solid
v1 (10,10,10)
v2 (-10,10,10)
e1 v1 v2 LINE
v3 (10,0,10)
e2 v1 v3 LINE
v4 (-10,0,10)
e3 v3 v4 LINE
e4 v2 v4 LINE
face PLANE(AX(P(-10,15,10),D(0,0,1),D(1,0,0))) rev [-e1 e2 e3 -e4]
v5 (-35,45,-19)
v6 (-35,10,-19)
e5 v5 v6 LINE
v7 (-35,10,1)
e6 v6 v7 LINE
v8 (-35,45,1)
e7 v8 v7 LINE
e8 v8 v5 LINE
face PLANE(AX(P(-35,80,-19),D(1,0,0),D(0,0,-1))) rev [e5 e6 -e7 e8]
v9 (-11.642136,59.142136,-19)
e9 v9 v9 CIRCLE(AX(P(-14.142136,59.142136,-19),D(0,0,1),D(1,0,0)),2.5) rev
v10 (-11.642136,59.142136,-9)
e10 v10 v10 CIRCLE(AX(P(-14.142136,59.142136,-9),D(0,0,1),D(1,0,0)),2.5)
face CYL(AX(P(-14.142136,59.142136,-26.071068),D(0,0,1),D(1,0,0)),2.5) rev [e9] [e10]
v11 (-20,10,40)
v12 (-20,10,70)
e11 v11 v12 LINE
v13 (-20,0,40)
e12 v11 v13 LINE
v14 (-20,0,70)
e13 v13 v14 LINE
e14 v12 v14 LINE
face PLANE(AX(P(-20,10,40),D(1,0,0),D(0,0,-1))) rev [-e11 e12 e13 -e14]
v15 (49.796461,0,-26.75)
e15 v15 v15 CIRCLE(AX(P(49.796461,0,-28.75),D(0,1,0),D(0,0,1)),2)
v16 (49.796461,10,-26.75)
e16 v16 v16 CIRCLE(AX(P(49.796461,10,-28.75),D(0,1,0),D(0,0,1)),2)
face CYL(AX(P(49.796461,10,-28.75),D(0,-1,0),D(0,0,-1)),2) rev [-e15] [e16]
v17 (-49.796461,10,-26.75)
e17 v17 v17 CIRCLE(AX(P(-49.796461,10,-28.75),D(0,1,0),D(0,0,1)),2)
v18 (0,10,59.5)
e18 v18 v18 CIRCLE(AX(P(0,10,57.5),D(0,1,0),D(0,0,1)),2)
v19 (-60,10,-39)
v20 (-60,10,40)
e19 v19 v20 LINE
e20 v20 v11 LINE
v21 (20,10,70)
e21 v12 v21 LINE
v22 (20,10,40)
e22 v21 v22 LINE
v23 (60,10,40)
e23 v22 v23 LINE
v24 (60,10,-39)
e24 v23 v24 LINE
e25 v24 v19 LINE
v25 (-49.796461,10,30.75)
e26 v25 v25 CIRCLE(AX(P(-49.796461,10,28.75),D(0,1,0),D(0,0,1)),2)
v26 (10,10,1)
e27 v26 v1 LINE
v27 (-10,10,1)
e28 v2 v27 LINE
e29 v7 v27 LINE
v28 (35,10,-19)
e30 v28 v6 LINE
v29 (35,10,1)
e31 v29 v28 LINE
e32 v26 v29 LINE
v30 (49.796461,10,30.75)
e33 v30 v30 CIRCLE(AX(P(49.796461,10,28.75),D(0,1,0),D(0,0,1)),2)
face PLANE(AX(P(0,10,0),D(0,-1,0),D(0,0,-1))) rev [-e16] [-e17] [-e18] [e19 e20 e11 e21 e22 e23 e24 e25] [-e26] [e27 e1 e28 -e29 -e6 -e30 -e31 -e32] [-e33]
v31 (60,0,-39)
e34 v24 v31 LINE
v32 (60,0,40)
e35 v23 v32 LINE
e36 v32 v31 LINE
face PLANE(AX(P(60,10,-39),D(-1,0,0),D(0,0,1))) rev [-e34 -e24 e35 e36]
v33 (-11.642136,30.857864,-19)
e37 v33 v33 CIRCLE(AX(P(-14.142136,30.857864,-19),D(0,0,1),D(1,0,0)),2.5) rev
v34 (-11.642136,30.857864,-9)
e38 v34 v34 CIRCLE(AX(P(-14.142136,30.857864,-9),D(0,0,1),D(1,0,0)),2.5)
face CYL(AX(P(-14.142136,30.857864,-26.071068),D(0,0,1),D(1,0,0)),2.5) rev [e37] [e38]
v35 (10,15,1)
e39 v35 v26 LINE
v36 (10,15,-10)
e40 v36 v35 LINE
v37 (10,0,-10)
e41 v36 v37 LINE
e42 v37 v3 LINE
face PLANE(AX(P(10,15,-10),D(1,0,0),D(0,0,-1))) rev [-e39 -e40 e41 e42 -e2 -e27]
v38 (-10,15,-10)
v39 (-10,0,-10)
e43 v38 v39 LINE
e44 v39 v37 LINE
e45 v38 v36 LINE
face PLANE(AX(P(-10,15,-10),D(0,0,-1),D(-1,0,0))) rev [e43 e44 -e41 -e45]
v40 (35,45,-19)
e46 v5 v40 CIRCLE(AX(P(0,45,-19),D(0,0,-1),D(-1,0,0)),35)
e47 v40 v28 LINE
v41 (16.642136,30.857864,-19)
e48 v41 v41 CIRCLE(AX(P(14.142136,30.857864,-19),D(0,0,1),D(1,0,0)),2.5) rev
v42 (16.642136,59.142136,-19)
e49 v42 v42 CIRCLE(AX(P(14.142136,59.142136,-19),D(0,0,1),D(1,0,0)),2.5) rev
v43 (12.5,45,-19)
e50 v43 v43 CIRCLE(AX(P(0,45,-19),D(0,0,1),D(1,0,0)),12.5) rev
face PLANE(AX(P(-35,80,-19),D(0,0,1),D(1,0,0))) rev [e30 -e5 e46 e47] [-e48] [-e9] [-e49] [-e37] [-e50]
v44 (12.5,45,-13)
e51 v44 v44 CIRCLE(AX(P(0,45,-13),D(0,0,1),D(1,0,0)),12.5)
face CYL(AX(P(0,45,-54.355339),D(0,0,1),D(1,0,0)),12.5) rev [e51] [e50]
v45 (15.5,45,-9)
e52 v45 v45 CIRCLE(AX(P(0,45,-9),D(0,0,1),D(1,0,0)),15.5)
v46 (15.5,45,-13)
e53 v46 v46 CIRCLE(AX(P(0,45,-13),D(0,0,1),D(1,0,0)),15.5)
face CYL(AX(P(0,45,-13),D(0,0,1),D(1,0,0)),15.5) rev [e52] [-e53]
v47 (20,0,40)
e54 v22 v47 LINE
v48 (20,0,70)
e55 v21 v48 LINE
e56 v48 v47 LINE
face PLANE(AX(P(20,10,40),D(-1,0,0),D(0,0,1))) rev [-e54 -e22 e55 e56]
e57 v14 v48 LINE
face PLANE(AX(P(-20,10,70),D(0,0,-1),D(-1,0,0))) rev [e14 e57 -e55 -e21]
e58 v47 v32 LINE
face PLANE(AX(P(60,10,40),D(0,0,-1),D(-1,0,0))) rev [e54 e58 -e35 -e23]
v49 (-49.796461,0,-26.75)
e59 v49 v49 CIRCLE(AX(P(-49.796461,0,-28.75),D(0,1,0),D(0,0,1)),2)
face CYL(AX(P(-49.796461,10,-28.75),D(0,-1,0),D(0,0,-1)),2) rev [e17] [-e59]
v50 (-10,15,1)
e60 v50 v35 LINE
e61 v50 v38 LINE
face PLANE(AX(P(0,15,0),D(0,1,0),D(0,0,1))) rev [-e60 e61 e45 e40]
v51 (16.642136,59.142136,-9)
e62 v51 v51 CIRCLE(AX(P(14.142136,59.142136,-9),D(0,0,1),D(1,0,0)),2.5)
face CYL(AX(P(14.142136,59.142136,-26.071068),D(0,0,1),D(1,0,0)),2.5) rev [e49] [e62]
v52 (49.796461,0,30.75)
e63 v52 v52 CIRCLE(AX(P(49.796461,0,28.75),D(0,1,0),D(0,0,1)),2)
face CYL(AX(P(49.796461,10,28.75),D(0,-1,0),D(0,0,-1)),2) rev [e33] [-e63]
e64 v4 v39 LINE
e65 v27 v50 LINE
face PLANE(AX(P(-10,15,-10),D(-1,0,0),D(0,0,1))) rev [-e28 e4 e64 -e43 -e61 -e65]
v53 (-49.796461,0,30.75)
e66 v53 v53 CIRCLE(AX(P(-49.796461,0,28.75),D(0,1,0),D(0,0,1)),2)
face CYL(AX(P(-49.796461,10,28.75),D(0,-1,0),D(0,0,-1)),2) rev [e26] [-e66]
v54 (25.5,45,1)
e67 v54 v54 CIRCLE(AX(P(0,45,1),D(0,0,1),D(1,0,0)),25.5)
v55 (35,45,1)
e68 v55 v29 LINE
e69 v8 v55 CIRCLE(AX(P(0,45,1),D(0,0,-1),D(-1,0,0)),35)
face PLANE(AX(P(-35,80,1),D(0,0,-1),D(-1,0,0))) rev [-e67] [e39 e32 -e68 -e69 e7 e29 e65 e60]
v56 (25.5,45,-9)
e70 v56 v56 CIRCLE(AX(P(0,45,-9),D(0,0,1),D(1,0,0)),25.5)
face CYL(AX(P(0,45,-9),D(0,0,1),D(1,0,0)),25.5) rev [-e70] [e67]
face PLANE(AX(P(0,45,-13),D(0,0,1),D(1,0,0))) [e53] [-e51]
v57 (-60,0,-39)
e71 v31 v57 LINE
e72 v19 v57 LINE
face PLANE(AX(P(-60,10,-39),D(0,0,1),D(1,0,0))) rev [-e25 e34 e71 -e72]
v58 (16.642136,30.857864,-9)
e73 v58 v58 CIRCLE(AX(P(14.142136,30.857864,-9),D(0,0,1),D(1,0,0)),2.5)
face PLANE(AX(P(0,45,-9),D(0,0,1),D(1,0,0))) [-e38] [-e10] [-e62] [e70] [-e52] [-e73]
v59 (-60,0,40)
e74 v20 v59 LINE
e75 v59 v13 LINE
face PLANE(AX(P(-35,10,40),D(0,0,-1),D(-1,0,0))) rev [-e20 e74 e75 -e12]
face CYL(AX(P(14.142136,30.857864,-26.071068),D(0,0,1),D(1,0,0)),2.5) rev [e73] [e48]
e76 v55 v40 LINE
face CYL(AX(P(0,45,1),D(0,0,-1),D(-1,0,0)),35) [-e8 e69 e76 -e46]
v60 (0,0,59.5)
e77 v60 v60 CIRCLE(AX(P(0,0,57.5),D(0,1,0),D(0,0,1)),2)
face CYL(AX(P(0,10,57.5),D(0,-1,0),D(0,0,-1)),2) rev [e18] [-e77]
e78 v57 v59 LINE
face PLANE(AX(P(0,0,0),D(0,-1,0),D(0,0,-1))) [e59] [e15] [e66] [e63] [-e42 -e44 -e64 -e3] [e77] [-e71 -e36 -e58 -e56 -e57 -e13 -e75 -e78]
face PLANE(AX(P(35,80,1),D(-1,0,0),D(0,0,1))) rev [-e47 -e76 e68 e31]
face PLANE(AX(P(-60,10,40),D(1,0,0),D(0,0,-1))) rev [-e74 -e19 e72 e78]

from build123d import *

# Parameters (mm, degrees)
SKETCH1_R           = 2
BOSS_EXTRUDE1_DEPTH = 10
SKETCH2_W           = 70
SKETCH2_H           = 20
BOSS_EXTRUDE2_DEPTH = 70
CUT_EXTRUDE1_DEPTH  = 20
SKETCH4_R           = 25.5
CUT_EXTRUDE2_DEPTH  = 10
SKETCH5_R           = 15.5
CUT_EXTRUDE3_DEPTH  = 4
SKETCH6_R           = 2.5
CUT_EXTRUDE4_DEPTH  = 10
SKETCH7_R           = 12.5
CUT_EXTRUDE5_DEPTH  = 6
SKETCH8_W           = 20
SKETCH8_H           = 20
CUT_EXTRUDE6_DEPTH  = 15


with BuildPart() as part:
    # Sketch1 → Boss-Extrude1 (new body)
    with BuildSketch(Plane(origin=(0, 0, 0), x_dir=(1, 0, 0), z_dir=(0, 1, 0))):
        Polygon((-35, -40), (-20, -40), (-20, -70), (20, -70), (20, -40), (35, -40), (60, -40), (60, 39), (-60, 39), (-60, -40), align=None)
        with Locations((49.796460718, 28.75)):
            Circle(SKETCH1_R, mode=Mode.SUBTRACT)
        with Locations((49.796460718, -28.75)):
            Circle(SKETCH1_R, mode=Mode.SUBTRACT)
        with Locations((0, -57.5)):
            Circle(SKETCH1_R, mode=Mode.SUBTRACT)
        with Locations((-49.796460718, -28.75)):
            Circle(SKETCH1_R, mode=Mode.SUBTRACT)
        with Locations((-49.796460718, 28.75)):
            Circle(SKETCH1_R, mode=Mode.SUBTRACT)
    extrude(amount=BOSS_EXTRUDE1_DEPTH)

    # Sketch2 → Boss-Extrude2 (add)
    with BuildSketch(Plane(origin=(0, 10, 0), x_dir=(1, 0, 0), z_dir=(0, 1, 0))):
        with Locations((0, 9)):
            Rectangle(SKETCH2_W, SKETCH2_H)
    extrude(amount=BOSS_EXTRUDE2_DEPTH)

    # Sketch3 → Cut-Extrude1 (cut)
    with BuildSketch(Plane(origin=(0, 0, -19), x_dir=(-1, 0, 0), z_dir=(0, 0, -1))):
        with BuildLine():
            ThreePointArc((-35, 45), (-24.748737331, 69.748737352), (3e-08, 80))
            Line((3e-08, 80), (-35, 80))
            Line((-35, 80), (-35, 45))
        make_face()
        with BuildLine():
            Line((35, 45), (35, 80))
            Line((35, 80), (3e-08, 80))
            ThreePointArc((3e-08, 80), (24.748737352, 69.748737331), (35, 45))
        make_face()
    extrude(amount=-CUT_EXTRUDE1_DEPTH, mode=Mode.SUBTRACT)

    # Sketch4 → Cut-Extrude2 (cut)
    with BuildSketch(Plane.XY.offset(1)):
        with Locations((0, 45)):
            Circle(SKETCH4_R)
    extrude(amount=-CUT_EXTRUDE2_DEPTH, mode=Mode.SUBTRACT)

    # Sketch5 → Cut-Extrude3 (cut)
    with BuildSketch(Plane.XY.offset(-9)):
        with Locations((0, 45)):
            Circle(SKETCH5_R)
    extrude(amount=-CUT_EXTRUDE3_DEPTH, mode=Mode.SUBTRACT)

    # Sketch6 → Cut-Extrude4 (cut)
    with BuildSketch(Plane.XY.offset(-9)):
        with Locations((14.142135624, 59.142135624)):
            Circle(SKETCH6_R)
        with Locations((14.142135624, 30.857864376)):
            Circle(SKETCH6_R)
        with Locations((-14.142135624, 30.857864376)):
            Circle(SKETCH6_R)
        with Locations((-14.142135624, 59.142135624)):
            Circle(SKETCH6_R)
    extrude(amount=-CUT_EXTRUDE4_DEPTH, mode=Mode.SUBTRACT)

    # Sketch7 → Cut-Extrude5 (cut)
    with BuildSketch(Plane.XY.offset(-13)):
        with Locations((0, 45)):
            Circle(SKETCH7_R)
    extrude(amount=-CUT_EXTRUDE5_DEPTH, mode=Mode.SUBTRACT)

    # Sketch8 → Cut-Extrude6 (cut)
    with BuildSketch(Plane.XZ):
        Rectangle(SKETCH8_W, SKETCH8_H)
    extrude(amount=-CUT_EXTRUDE6_DEPTH, mode=Mode.SUBTRACT)


solid = part.part
